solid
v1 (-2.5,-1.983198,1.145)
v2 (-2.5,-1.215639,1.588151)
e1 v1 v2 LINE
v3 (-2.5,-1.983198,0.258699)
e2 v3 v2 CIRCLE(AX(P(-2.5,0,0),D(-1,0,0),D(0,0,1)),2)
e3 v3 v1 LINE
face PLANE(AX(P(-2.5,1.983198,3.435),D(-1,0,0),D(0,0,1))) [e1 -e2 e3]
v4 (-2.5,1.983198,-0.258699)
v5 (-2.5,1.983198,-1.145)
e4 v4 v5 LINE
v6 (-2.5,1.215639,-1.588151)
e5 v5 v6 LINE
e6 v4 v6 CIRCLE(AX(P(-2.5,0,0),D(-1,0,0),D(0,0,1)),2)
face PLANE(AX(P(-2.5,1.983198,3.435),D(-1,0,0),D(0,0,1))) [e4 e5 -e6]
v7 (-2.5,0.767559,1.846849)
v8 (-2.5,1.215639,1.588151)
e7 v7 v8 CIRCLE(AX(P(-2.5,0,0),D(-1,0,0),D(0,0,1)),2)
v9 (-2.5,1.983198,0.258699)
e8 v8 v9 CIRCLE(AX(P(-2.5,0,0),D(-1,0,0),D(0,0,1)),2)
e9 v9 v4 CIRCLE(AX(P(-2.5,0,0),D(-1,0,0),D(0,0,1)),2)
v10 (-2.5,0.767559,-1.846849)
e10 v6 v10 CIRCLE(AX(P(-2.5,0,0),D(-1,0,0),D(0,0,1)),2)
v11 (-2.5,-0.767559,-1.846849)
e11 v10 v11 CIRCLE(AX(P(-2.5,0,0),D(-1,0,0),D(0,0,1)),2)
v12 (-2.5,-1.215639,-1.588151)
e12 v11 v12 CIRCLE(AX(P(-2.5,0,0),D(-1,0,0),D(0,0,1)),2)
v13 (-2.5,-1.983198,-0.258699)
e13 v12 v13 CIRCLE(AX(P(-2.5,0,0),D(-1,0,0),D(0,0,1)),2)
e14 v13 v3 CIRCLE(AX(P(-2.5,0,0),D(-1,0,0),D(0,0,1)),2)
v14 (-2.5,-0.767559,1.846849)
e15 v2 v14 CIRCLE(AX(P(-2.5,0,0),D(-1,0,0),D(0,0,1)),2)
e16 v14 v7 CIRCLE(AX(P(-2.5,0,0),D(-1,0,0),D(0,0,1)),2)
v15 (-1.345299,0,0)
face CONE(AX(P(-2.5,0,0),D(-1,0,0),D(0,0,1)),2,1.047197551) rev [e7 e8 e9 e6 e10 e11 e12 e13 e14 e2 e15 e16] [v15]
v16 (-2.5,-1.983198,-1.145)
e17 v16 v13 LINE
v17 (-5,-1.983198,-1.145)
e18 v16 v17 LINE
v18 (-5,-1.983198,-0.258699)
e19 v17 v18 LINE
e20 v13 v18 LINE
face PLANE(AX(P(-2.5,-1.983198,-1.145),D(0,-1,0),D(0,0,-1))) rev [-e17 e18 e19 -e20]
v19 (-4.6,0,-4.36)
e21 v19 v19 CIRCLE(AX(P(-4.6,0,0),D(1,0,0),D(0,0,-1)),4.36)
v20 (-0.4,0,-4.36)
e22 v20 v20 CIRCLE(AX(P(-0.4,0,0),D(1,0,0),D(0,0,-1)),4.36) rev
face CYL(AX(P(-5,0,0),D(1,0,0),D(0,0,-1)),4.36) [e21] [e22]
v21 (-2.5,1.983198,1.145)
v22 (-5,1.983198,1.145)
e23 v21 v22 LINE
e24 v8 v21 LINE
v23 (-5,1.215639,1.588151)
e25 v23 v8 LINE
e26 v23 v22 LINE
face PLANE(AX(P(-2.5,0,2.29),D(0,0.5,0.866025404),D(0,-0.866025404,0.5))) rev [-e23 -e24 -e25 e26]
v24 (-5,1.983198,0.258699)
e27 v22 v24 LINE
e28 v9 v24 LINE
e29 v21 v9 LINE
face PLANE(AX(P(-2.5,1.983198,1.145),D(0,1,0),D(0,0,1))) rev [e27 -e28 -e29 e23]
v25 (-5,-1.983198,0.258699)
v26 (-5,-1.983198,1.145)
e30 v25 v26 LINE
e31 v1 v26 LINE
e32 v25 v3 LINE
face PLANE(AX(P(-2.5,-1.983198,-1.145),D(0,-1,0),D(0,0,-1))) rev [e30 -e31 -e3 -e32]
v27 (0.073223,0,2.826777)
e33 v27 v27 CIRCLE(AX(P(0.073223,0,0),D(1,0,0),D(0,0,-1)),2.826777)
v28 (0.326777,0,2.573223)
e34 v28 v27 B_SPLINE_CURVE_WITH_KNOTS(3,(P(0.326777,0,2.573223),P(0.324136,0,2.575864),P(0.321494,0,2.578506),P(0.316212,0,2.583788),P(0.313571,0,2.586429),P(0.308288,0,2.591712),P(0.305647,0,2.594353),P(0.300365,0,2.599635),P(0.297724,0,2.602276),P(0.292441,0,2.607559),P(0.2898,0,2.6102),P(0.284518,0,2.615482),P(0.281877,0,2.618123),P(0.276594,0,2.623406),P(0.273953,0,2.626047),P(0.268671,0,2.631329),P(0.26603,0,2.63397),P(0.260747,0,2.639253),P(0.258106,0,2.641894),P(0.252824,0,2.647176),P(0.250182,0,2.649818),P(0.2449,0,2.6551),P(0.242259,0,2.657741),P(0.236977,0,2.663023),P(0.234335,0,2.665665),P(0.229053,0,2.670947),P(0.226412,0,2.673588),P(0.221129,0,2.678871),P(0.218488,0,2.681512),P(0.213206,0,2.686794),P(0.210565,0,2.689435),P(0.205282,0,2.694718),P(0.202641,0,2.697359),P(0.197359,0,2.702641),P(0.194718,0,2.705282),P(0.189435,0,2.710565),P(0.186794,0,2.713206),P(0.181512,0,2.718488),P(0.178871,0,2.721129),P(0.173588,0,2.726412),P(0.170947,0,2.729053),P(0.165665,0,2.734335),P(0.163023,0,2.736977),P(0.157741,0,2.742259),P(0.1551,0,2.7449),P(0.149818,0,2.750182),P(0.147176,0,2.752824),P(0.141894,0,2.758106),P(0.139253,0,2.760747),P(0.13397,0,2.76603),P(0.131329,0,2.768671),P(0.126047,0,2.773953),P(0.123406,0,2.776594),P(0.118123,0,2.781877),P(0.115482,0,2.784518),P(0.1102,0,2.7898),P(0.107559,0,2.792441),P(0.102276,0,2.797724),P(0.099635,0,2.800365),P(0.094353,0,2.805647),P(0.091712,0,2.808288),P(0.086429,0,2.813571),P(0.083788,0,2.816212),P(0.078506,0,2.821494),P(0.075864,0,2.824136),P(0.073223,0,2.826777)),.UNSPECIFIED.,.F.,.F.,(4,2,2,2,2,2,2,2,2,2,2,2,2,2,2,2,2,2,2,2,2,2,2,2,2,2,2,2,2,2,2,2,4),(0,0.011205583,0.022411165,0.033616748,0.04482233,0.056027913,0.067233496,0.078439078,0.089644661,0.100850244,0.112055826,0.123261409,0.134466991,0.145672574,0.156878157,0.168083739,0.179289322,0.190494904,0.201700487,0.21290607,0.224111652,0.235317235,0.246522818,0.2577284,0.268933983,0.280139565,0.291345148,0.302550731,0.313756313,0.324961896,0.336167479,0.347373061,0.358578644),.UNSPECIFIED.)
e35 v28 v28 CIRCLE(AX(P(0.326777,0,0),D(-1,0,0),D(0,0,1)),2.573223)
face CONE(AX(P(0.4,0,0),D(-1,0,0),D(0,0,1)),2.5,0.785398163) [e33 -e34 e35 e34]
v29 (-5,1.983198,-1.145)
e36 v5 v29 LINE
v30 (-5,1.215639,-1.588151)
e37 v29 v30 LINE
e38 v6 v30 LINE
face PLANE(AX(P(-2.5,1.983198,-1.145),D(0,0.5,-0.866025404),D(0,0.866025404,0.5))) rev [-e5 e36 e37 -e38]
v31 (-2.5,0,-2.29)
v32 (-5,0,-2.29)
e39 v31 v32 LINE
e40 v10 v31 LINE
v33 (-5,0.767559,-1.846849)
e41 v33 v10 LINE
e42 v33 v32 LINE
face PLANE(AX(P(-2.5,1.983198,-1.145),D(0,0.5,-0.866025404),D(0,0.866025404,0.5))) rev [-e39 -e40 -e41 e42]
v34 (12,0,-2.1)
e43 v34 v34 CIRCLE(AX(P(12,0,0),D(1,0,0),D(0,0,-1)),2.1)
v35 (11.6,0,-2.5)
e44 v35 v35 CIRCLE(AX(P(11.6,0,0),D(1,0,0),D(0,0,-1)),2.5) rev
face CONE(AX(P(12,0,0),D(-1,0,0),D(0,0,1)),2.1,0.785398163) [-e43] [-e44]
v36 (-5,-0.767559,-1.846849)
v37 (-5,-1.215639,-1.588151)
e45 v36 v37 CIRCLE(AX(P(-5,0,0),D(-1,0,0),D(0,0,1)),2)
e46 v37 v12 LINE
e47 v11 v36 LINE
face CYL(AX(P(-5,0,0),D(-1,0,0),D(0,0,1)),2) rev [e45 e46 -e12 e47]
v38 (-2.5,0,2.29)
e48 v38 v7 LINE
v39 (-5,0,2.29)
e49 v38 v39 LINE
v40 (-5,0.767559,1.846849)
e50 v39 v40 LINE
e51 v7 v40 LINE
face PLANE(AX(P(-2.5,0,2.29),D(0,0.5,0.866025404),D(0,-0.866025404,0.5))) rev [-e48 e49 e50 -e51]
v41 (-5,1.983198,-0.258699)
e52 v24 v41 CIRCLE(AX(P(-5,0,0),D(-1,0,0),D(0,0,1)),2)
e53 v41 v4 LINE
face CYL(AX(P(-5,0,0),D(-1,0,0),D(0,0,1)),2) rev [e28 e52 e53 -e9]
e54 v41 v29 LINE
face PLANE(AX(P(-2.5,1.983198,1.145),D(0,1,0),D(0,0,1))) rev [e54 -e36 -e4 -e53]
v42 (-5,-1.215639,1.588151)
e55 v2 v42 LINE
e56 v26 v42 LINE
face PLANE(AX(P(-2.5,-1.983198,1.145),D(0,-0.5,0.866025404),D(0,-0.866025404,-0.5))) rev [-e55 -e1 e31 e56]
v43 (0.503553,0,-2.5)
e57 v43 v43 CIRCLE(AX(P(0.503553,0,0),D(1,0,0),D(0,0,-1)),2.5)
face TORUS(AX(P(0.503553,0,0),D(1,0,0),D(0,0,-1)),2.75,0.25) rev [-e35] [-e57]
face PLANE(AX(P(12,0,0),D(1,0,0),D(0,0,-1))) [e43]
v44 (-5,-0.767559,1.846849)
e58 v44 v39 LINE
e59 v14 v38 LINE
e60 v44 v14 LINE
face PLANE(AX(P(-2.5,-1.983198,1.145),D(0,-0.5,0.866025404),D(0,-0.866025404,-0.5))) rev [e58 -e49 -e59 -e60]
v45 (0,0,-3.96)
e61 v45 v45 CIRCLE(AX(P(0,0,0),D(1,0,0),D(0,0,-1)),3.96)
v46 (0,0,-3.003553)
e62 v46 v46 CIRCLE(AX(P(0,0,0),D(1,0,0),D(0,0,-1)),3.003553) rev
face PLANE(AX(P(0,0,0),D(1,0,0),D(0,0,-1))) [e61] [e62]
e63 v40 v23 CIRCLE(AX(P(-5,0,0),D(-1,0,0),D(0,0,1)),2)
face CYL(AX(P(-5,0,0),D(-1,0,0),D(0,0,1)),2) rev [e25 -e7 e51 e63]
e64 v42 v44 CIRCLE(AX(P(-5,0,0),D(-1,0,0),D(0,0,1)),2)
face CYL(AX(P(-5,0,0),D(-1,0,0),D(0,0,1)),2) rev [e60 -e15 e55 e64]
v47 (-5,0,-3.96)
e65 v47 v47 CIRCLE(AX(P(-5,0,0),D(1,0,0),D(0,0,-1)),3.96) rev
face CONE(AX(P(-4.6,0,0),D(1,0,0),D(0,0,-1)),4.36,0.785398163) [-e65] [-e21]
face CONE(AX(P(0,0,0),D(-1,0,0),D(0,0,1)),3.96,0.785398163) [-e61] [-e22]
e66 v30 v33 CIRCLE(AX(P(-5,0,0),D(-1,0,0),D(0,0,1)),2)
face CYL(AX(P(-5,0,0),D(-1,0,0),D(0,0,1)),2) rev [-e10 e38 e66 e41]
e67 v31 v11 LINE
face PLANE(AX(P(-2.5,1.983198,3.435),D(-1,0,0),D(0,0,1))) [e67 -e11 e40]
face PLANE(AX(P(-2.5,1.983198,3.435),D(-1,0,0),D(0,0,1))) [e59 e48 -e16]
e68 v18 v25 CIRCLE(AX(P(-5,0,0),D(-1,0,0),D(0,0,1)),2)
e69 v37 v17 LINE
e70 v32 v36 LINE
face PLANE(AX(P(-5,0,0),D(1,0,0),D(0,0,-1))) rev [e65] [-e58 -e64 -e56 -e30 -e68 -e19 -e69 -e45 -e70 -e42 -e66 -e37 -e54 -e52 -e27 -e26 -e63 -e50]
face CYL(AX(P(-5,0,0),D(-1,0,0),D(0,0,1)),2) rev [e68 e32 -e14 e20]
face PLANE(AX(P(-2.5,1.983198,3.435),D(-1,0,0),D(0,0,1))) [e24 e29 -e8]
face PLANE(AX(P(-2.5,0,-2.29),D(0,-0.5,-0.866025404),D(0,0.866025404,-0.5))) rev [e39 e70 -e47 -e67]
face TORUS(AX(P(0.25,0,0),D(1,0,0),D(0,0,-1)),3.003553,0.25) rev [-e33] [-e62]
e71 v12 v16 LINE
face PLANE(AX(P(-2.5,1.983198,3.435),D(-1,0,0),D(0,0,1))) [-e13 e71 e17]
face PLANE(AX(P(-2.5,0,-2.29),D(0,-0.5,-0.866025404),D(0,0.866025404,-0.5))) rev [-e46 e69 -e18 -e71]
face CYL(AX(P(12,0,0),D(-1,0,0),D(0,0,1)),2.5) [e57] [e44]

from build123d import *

# Parameters (mm, degrees)
SKETCH_1_R                  = 4.36
EXTRUDE_1_DEPTH             = 5
HOLE_WIZARD_1_5_1_5_1_D     = 4
HOLE_WIZARD_1_5_1_5_1_DEPTH = 2.5
HOLE_WIZARD_1_5_1_5_1_TIP   = 1.154700538
CUT_EXTRUDE_1_DEPTH         = 2.5
SKETCH_4_R                  = 2.5
EXTRUDE_2_DEPTH             = 12
CHAMFER_1_SIZE              = 0.4
FILLET_1_R                  = 0.25


with BuildPart() as part:
    # 草圖1 → 伸長1 (new body)
    with BuildSketch(Plane(origin=(0, 0, 0), x_dir=(0, 0, -1), z_dir=(1, 0, 0))):
        Circle(SKETCH_1_R)
    extrude(amount=-EXTRUDE_1_DEPTH)

    # Ø1.5 (1.5) 直徑孔1
    with Locations(Plane(origin=(-5, 0, 0), x_dir=(0, 0, -1), z_dir=(-1, 0, 0))):
        with Locations((0, 0)):
            Hole(HOLE_WIZARD_1_5_1_5_1_D / 2, depth=HOLE_WIZARD_1_5_1_5_1_DEPTH)
            with Locations((0, 0, -(HOLE_WIZARD_1_5_1_5_1_DEPTH + HOLE_WIZARD_1_5_1_5_1_TIP / 2))):  # 120° drill point
                Cone(0, HOLE_WIZARD_1_5_1_5_1_D / 2, HOLE_WIZARD_1_5_1_5_1_TIP, mode=Mode.SUBTRACT)

    # 草圖3 → 除料-伸長1 (cut)
    with BuildSketch(Plane.ZY.offset(5)):
        Polygon((2.29, 0), (1.145, 1.983198175), (-1.145, 1.983198175), (-2.29, 0), (-1.145, -1.983198175), (1.145, -1.983198175), align=None)
    extrude(amount=-CUT_EXTRUDE_1_DEPTH, mode=Mode.SUBTRACT)

    # 草圖4 → 伸長2 (add)
    with BuildSketch(Plane(origin=(0, 0, 0), x_dir=(0, 0, -1), z_dir=(1, 0, 0))):
        Circle(SKETCH_4_R)
    extrude(amount=EXTRUDE_2_DEPTH)

    # 導角1
    chamfer_1_edges = [part.edges().sort_by_distance(p)[0] for p in [
        (0, 0, 4.36),
        (-5, 0, 4.36),
        (0, 0, 2.5),
        (12, 0, 2.5),
    ]]
    chamfer(chamfer_1_edges, length=CHAMFER_1_SIZE)

    # 圓角1
    fillet_1_edges = [part.edges().sort_by_distance(p)[0] for p in [
        (0.4, 0, 2.5),
        (0, 0, 2.9),
    ]]
    fillet(fillet_1_edges, radius=FILLET_1_R)


solid = part.part
